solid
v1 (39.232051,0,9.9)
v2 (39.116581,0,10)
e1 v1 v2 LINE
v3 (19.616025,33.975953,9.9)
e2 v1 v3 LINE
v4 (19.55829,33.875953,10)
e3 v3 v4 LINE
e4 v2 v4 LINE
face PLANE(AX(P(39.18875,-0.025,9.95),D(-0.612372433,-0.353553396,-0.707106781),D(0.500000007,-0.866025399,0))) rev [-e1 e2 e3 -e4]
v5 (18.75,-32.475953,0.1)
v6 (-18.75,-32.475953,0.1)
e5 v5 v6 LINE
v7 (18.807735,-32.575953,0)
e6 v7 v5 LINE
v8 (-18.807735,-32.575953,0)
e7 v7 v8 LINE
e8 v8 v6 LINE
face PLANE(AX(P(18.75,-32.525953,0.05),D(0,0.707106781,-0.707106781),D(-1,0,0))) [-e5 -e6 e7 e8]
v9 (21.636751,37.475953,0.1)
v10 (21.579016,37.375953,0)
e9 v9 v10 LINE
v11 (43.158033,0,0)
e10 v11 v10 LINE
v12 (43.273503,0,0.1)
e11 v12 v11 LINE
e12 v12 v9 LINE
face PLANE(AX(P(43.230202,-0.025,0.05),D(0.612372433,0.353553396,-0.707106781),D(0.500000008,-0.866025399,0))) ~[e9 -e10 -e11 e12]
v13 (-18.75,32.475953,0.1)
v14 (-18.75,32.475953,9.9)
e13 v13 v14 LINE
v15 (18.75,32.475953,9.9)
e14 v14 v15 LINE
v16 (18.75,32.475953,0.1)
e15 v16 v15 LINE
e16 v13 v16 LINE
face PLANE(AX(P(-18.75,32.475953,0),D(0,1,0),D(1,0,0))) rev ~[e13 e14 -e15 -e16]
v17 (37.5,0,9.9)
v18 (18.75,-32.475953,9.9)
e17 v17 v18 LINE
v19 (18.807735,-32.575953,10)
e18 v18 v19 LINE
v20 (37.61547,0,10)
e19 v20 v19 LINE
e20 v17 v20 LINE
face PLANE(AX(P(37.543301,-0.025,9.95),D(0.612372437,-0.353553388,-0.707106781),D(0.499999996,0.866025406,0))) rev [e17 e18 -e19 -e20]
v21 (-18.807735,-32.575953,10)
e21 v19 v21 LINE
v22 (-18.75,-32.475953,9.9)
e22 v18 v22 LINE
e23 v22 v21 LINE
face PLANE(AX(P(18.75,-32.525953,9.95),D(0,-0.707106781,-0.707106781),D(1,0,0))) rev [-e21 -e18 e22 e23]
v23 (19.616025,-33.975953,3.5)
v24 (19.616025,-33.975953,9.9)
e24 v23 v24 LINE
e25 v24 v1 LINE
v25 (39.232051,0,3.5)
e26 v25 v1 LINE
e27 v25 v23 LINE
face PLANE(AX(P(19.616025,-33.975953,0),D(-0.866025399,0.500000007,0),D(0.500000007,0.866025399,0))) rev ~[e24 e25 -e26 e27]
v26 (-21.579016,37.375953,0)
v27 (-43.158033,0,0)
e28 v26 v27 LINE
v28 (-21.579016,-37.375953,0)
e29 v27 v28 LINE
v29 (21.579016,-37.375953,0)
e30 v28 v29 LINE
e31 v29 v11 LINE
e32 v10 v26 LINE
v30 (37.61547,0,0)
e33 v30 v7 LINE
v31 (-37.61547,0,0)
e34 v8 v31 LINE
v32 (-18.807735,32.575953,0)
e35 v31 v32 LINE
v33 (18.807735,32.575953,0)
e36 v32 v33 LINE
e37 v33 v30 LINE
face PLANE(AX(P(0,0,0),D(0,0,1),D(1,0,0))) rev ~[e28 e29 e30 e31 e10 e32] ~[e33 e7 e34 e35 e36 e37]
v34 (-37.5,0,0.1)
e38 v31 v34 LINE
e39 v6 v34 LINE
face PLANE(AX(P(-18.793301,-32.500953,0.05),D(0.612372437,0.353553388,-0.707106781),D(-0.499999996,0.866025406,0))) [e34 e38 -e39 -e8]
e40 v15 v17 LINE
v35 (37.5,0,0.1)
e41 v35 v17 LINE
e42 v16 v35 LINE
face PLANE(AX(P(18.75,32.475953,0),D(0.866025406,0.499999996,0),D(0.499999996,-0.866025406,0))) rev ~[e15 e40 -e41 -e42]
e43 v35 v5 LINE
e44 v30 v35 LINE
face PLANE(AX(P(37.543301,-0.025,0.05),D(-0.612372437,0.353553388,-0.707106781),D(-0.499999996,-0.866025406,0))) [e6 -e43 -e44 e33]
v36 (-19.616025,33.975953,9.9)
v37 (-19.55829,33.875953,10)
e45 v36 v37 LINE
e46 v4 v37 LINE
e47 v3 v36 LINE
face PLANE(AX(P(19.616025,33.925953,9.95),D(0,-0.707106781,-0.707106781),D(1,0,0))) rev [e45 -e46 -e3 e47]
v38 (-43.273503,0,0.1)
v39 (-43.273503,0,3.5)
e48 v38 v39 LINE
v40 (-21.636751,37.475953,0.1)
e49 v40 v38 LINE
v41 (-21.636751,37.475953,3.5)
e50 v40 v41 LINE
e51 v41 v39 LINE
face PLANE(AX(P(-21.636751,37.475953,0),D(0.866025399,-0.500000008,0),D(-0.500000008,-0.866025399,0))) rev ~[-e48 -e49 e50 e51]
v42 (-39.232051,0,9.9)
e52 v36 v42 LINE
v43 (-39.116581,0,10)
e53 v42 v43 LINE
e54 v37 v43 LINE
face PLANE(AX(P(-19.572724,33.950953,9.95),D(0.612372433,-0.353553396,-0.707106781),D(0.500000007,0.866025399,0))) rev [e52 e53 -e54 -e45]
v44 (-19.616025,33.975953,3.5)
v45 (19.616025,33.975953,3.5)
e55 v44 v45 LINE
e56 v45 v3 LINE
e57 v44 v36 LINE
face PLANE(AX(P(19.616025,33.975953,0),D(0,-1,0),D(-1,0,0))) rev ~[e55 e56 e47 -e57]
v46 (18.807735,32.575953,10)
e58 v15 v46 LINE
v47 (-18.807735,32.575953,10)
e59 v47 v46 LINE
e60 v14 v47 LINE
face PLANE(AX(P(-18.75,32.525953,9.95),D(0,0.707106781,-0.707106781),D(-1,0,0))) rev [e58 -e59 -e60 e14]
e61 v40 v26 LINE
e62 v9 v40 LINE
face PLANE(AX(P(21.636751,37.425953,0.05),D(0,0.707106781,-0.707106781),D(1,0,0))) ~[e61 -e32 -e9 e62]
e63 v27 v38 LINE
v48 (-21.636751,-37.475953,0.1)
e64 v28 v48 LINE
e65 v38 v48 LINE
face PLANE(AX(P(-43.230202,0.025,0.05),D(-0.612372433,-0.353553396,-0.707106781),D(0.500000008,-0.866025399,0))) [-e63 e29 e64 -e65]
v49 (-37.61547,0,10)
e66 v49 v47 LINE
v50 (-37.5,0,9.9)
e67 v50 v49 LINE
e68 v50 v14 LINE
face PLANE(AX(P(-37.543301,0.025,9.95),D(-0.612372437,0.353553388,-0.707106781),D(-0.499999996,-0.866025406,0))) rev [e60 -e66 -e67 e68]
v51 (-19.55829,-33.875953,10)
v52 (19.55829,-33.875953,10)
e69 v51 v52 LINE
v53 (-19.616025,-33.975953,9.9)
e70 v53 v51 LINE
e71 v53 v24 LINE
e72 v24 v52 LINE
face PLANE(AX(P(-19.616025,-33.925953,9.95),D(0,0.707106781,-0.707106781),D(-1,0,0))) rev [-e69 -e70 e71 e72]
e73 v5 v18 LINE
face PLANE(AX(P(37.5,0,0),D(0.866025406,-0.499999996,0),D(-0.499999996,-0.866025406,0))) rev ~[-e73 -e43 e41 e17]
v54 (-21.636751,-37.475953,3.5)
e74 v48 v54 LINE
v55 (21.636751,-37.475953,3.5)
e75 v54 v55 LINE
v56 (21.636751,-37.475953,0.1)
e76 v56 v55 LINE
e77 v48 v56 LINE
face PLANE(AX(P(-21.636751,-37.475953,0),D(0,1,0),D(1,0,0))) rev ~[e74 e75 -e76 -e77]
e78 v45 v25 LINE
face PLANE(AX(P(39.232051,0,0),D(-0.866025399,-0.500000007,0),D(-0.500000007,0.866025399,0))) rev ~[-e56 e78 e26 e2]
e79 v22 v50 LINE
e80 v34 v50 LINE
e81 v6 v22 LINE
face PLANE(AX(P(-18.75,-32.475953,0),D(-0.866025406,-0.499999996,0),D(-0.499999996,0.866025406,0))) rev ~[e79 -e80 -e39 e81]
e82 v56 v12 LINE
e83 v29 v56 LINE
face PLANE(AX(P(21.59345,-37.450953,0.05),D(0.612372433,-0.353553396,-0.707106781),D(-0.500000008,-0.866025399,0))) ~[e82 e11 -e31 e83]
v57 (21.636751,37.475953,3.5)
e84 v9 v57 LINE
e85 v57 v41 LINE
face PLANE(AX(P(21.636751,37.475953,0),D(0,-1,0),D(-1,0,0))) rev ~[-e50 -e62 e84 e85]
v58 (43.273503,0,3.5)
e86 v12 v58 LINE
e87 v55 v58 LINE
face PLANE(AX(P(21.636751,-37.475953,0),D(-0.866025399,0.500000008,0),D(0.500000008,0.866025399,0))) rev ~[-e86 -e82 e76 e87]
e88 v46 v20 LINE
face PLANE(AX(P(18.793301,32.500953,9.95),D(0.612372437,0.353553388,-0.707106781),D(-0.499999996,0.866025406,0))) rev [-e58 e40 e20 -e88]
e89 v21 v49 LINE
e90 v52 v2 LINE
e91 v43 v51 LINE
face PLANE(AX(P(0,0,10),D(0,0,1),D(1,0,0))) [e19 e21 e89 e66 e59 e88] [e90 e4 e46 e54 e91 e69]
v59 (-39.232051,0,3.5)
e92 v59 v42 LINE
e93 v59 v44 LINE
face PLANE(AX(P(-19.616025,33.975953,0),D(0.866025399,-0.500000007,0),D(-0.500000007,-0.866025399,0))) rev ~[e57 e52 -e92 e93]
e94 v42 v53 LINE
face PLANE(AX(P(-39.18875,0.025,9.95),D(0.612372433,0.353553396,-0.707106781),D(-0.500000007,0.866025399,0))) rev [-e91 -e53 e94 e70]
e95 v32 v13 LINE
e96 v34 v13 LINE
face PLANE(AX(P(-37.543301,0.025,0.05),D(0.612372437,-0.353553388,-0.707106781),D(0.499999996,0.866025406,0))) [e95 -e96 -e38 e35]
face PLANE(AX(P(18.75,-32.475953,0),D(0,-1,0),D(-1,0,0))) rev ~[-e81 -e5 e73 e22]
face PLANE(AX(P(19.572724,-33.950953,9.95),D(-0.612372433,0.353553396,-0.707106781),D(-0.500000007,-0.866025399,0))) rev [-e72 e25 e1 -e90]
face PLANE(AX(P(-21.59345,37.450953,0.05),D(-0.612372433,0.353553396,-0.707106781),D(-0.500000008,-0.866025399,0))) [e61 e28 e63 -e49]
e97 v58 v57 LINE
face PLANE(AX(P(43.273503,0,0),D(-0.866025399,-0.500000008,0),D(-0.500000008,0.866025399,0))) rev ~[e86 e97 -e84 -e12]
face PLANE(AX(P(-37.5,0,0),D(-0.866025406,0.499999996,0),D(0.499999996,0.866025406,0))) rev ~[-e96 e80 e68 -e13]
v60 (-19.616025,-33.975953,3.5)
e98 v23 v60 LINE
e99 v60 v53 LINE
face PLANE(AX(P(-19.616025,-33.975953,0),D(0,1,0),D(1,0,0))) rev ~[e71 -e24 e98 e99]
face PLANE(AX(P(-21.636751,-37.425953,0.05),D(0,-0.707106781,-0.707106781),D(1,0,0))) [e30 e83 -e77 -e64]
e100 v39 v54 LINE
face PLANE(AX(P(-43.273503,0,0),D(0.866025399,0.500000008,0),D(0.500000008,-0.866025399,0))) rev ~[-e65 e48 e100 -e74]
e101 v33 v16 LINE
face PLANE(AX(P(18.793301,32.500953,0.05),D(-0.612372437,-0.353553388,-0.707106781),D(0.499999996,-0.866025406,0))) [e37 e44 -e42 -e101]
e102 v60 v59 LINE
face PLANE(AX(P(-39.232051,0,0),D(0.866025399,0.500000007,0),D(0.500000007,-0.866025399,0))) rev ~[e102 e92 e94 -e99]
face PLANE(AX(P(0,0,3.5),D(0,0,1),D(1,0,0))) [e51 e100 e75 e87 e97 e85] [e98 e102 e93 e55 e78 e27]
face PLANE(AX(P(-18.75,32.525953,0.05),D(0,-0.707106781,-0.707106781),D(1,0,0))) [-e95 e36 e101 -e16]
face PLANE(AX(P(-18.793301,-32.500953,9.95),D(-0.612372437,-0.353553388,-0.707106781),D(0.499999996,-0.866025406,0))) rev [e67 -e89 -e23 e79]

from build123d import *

# Parameters (mm, degrees)
F1_DEPTH = 10
F2_DEPTH = 3.5
F3_SIZE  = 0.1


with BuildPart() as f1:
    # F0 (on Top) → F1 (new body)
    with BuildSketch(Plane.XY):
        Polygon((39.232051, 0), (19.616025, 33.975953), (-19.616025, 33.975953), (-39.232051, 0), (-19.616025, -33.975953), (19.616025, -33.975953), align=None)
        Polygon((-18.75, 32.475953), (18.75, 32.475953), (37.5, 0), (18.75, -32.475953), (-18.75, -32.475953), (-37.5, 0), align=None, mode=Mode.SUBTRACT)
    extrude(amount=F1_DEPTH)

    # F0 (on Top) → F2 (join)
    with BuildSketch(Plane.XY):
        Polygon((43.273503, 0), (21.636751, 37.475953), (-21.636751, 37.475953), (-43.273503, 0), (-21.636751, -37.475953), (21.636751, -37.475953), align=None)
        Polygon((-19.616025, 33.975953), (19.616025, 33.975953), (39.232051, 0), (19.616025, -33.975953), (-19.616025, -33.975953), (-39.232051, 0), align=None, mode=Mode.SUBTRACT)
    extrude(amount=F2_DEPTH)

    # F3
    f3_edges = [f1.edges().sort_by_distance(p)[0] for p in [
        (0, -37.475953, 0),
        (32.455127, -18.737976, 0),
        (32.455127, 18.737976, 0),
        (0, 37.475953, 0),
        (-32.455127, 18.737976, 0),
        (-32.455127, -18.737976, 0),
        (-28.125, -16.237976, 0),
        (-28.125, 16.237976, 0),
        (0, 32.475953, 0),
        (28.125, 16.237976, 0),
        (28.125, -16.237976, 0),
        (0, -32.475953, 0),
        (29.424038, 16.987976, 10),
        (0, 33.975953, 10),
        (-29.424038, 16.987976, 10),
        (-29.424038, -16.987976, 10),
        (0, -33.975953, 10),
        (29.424038, -16.987976, 10),
        (0, 32.475953, 10),
        (28.125, 16.237976, 10),
        (28.125, -16.237976, 10),
        (0, -32.475953, 10),
        (-28.125, -16.237976, 10),
        (-28.125, 16.237976, 10),
    ]]
    chamfer(f3_edges, length=F3_SIZE)


solid = f1.part
